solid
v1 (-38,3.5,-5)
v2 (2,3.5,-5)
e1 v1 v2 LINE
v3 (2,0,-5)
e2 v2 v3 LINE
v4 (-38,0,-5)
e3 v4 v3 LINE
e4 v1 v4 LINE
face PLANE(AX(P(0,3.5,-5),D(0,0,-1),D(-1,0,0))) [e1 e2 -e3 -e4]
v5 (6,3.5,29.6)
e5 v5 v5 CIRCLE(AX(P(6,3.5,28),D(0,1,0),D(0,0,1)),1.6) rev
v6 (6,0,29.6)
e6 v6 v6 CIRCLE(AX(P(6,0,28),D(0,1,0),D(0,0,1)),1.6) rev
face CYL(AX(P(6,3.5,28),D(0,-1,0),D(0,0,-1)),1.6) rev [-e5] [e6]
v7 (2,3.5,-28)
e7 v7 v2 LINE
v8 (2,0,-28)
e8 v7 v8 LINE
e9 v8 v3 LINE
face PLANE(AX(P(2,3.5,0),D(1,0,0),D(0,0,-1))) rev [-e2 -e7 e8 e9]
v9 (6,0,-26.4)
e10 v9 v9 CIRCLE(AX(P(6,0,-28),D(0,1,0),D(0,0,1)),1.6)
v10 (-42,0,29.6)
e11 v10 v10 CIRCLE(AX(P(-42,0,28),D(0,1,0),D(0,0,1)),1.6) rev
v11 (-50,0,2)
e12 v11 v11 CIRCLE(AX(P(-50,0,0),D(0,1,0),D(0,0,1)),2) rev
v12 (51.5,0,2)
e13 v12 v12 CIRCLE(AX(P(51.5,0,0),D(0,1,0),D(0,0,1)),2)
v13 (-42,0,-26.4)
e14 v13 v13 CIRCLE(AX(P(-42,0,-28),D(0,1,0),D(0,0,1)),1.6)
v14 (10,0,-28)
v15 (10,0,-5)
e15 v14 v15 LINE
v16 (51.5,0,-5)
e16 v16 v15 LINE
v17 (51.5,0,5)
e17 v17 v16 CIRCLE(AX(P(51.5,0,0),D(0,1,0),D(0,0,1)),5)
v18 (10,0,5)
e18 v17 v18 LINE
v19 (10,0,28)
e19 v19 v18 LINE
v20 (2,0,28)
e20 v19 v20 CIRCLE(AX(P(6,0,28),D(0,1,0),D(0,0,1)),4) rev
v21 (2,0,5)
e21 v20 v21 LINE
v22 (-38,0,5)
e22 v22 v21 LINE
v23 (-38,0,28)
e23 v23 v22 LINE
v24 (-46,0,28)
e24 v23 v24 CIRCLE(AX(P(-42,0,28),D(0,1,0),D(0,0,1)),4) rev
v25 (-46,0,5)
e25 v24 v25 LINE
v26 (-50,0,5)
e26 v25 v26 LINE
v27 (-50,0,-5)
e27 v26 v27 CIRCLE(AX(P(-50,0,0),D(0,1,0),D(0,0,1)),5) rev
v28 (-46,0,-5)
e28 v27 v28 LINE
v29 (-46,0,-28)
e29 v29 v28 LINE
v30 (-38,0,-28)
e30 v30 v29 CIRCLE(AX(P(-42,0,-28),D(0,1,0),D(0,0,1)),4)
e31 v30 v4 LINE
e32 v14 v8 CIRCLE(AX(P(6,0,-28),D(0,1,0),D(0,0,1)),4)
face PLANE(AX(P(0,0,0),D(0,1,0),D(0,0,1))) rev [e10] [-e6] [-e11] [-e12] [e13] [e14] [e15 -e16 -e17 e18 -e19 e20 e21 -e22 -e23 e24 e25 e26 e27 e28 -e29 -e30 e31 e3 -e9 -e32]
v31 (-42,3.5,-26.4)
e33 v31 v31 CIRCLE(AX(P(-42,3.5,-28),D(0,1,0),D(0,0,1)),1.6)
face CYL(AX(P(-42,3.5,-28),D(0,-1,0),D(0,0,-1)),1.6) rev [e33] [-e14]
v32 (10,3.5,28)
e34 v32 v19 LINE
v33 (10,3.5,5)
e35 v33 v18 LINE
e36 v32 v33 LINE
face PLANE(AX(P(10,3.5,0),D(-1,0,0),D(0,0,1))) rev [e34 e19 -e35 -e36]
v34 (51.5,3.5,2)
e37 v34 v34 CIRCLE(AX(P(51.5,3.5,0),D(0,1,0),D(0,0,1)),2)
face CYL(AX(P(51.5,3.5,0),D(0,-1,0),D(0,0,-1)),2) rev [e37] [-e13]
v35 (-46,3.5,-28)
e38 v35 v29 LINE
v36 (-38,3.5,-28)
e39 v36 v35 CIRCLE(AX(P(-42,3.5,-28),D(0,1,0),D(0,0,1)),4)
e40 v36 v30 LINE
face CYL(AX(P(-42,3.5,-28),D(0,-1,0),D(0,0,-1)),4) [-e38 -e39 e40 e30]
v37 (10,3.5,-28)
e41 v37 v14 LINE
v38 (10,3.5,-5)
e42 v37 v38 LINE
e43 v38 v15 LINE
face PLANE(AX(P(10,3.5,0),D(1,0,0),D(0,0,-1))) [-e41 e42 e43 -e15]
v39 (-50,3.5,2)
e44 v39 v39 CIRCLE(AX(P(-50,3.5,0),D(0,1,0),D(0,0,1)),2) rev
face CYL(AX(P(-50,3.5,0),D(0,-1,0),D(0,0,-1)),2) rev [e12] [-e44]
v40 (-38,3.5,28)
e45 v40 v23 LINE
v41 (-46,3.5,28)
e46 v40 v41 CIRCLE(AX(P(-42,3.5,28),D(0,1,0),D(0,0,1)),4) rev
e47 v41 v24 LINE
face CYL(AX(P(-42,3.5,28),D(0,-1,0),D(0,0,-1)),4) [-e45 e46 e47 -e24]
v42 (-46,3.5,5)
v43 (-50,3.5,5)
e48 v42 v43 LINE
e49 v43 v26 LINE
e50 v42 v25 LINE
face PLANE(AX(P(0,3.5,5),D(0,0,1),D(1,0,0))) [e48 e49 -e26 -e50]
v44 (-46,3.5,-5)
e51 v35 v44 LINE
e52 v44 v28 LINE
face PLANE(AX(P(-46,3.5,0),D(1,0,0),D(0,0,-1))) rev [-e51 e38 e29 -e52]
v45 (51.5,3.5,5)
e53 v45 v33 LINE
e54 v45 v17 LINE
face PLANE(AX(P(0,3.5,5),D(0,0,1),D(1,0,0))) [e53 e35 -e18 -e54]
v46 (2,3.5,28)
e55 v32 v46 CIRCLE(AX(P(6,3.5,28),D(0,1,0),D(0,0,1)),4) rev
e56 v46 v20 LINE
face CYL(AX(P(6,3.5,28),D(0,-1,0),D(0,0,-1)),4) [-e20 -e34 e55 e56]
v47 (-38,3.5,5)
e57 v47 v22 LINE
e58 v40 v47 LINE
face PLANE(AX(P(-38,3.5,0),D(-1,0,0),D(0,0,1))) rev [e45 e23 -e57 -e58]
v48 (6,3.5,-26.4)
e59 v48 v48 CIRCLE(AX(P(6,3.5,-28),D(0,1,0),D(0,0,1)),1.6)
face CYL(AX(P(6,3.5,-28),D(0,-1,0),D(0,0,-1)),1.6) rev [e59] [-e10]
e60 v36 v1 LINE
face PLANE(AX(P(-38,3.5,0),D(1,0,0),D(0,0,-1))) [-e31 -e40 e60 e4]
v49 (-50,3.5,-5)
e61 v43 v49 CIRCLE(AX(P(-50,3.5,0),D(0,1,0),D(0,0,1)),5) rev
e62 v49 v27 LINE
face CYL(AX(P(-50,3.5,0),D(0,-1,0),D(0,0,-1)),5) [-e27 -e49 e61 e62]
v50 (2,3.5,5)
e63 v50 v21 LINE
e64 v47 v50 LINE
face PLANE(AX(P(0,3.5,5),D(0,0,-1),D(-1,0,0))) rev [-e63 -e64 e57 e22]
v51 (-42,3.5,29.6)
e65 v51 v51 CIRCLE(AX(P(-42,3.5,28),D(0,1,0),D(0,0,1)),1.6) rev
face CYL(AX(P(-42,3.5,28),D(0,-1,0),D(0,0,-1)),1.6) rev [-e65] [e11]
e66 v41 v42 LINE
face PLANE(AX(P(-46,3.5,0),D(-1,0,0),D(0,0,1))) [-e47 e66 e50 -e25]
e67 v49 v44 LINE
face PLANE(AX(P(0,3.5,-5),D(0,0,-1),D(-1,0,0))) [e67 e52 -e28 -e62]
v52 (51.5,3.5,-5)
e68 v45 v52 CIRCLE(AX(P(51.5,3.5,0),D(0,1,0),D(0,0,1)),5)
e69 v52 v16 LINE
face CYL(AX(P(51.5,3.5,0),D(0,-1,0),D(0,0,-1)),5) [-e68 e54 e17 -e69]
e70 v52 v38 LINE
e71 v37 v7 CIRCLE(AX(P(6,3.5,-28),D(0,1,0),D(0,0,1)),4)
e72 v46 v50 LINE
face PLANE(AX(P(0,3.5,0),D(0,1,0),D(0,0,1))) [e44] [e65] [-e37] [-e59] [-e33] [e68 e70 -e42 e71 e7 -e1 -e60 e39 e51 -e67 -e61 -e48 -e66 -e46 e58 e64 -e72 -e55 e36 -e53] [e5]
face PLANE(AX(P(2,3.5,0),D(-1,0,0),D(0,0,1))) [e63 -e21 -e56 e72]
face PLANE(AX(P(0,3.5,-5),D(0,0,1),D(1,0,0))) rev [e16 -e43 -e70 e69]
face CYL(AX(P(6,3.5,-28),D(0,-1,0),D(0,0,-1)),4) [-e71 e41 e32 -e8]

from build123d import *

# Parameters (mm, degrees)
SKETCH1_R           = 2
SKETCH1_R_2         = 1.6
BOSS_EXTRUDE1_DEPTH = 3.5


with BuildPart() as part:
    # Sketch1 → Boss-Extrude1 (new body)
    with BuildSketch(Plane(origin=(0, 0, 0), x_dir=(1, 0, 0), z_dir=(0, 1, 0))):
        with BuildLine():
            Line((10, 28), (10, 5))
            Line((10, 5), (51.5, 5))
            ThreePointArc((51.5, 5), (56.5, 0), (51.5, -5))
            Line((51.5, -5), (10, -5))
            Line((10, -5), (10, -28))
            ThreePointArc((10, -28), (6, -32), (2, -28))
            Line((2, -28), (2, -5))
            Line((2, -5), (-38, -5))
            Line((-38, -5), (-38, -28))
            ThreePointArc((-38, -28), (-42, -32), (-46, -28))
            Line((-46, -28), (-46, -5))
            Line((-46, -5), (-50, -5))
            ThreePointArc((-50, -5), (-55, 0), (-50, 5))
            Line((-50, 5), (-46, 5))
            Line((-46, 5), (-46, 28))
            ThreePointArc((-46, 28), (-42, 32), (-38, 28))
            Line((-38, 28), (-38, 5))
            Line((-38, 5), (2, 5))
            Line((2, 5), (2, 28))
            ThreePointArc((2, 28), (6, 32), (10, 28))
        make_face()
        with Locations((51.5, 0)):
            Circle(SKETCH1_R, mode=Mode.SUBTRACT)
        with Locations((-50, 0)):
            Circle(SKETCH1_R, mode=Mode.SUBTRACT)
        with Locations((6, 28)):
            Circle(SKETCH1_R_2, mode=Mode.SUBTRACT)
        with Locations((-42, 28)):
            Circle(SKETCH1_R_2, mode=Mode.SUBTRACT)
        with Locations((-42, -28)):
            Circle(SKETCH1_R_2, mode=Mode.SUBTRACT)
        with Locations((6, -28)):
            Circle(SKETCH1_R_2, mode=Mode.SUBTRACT)
    extrude(amount=BOSS_EXTRUDE1_DEPTH)


solid = part.part
